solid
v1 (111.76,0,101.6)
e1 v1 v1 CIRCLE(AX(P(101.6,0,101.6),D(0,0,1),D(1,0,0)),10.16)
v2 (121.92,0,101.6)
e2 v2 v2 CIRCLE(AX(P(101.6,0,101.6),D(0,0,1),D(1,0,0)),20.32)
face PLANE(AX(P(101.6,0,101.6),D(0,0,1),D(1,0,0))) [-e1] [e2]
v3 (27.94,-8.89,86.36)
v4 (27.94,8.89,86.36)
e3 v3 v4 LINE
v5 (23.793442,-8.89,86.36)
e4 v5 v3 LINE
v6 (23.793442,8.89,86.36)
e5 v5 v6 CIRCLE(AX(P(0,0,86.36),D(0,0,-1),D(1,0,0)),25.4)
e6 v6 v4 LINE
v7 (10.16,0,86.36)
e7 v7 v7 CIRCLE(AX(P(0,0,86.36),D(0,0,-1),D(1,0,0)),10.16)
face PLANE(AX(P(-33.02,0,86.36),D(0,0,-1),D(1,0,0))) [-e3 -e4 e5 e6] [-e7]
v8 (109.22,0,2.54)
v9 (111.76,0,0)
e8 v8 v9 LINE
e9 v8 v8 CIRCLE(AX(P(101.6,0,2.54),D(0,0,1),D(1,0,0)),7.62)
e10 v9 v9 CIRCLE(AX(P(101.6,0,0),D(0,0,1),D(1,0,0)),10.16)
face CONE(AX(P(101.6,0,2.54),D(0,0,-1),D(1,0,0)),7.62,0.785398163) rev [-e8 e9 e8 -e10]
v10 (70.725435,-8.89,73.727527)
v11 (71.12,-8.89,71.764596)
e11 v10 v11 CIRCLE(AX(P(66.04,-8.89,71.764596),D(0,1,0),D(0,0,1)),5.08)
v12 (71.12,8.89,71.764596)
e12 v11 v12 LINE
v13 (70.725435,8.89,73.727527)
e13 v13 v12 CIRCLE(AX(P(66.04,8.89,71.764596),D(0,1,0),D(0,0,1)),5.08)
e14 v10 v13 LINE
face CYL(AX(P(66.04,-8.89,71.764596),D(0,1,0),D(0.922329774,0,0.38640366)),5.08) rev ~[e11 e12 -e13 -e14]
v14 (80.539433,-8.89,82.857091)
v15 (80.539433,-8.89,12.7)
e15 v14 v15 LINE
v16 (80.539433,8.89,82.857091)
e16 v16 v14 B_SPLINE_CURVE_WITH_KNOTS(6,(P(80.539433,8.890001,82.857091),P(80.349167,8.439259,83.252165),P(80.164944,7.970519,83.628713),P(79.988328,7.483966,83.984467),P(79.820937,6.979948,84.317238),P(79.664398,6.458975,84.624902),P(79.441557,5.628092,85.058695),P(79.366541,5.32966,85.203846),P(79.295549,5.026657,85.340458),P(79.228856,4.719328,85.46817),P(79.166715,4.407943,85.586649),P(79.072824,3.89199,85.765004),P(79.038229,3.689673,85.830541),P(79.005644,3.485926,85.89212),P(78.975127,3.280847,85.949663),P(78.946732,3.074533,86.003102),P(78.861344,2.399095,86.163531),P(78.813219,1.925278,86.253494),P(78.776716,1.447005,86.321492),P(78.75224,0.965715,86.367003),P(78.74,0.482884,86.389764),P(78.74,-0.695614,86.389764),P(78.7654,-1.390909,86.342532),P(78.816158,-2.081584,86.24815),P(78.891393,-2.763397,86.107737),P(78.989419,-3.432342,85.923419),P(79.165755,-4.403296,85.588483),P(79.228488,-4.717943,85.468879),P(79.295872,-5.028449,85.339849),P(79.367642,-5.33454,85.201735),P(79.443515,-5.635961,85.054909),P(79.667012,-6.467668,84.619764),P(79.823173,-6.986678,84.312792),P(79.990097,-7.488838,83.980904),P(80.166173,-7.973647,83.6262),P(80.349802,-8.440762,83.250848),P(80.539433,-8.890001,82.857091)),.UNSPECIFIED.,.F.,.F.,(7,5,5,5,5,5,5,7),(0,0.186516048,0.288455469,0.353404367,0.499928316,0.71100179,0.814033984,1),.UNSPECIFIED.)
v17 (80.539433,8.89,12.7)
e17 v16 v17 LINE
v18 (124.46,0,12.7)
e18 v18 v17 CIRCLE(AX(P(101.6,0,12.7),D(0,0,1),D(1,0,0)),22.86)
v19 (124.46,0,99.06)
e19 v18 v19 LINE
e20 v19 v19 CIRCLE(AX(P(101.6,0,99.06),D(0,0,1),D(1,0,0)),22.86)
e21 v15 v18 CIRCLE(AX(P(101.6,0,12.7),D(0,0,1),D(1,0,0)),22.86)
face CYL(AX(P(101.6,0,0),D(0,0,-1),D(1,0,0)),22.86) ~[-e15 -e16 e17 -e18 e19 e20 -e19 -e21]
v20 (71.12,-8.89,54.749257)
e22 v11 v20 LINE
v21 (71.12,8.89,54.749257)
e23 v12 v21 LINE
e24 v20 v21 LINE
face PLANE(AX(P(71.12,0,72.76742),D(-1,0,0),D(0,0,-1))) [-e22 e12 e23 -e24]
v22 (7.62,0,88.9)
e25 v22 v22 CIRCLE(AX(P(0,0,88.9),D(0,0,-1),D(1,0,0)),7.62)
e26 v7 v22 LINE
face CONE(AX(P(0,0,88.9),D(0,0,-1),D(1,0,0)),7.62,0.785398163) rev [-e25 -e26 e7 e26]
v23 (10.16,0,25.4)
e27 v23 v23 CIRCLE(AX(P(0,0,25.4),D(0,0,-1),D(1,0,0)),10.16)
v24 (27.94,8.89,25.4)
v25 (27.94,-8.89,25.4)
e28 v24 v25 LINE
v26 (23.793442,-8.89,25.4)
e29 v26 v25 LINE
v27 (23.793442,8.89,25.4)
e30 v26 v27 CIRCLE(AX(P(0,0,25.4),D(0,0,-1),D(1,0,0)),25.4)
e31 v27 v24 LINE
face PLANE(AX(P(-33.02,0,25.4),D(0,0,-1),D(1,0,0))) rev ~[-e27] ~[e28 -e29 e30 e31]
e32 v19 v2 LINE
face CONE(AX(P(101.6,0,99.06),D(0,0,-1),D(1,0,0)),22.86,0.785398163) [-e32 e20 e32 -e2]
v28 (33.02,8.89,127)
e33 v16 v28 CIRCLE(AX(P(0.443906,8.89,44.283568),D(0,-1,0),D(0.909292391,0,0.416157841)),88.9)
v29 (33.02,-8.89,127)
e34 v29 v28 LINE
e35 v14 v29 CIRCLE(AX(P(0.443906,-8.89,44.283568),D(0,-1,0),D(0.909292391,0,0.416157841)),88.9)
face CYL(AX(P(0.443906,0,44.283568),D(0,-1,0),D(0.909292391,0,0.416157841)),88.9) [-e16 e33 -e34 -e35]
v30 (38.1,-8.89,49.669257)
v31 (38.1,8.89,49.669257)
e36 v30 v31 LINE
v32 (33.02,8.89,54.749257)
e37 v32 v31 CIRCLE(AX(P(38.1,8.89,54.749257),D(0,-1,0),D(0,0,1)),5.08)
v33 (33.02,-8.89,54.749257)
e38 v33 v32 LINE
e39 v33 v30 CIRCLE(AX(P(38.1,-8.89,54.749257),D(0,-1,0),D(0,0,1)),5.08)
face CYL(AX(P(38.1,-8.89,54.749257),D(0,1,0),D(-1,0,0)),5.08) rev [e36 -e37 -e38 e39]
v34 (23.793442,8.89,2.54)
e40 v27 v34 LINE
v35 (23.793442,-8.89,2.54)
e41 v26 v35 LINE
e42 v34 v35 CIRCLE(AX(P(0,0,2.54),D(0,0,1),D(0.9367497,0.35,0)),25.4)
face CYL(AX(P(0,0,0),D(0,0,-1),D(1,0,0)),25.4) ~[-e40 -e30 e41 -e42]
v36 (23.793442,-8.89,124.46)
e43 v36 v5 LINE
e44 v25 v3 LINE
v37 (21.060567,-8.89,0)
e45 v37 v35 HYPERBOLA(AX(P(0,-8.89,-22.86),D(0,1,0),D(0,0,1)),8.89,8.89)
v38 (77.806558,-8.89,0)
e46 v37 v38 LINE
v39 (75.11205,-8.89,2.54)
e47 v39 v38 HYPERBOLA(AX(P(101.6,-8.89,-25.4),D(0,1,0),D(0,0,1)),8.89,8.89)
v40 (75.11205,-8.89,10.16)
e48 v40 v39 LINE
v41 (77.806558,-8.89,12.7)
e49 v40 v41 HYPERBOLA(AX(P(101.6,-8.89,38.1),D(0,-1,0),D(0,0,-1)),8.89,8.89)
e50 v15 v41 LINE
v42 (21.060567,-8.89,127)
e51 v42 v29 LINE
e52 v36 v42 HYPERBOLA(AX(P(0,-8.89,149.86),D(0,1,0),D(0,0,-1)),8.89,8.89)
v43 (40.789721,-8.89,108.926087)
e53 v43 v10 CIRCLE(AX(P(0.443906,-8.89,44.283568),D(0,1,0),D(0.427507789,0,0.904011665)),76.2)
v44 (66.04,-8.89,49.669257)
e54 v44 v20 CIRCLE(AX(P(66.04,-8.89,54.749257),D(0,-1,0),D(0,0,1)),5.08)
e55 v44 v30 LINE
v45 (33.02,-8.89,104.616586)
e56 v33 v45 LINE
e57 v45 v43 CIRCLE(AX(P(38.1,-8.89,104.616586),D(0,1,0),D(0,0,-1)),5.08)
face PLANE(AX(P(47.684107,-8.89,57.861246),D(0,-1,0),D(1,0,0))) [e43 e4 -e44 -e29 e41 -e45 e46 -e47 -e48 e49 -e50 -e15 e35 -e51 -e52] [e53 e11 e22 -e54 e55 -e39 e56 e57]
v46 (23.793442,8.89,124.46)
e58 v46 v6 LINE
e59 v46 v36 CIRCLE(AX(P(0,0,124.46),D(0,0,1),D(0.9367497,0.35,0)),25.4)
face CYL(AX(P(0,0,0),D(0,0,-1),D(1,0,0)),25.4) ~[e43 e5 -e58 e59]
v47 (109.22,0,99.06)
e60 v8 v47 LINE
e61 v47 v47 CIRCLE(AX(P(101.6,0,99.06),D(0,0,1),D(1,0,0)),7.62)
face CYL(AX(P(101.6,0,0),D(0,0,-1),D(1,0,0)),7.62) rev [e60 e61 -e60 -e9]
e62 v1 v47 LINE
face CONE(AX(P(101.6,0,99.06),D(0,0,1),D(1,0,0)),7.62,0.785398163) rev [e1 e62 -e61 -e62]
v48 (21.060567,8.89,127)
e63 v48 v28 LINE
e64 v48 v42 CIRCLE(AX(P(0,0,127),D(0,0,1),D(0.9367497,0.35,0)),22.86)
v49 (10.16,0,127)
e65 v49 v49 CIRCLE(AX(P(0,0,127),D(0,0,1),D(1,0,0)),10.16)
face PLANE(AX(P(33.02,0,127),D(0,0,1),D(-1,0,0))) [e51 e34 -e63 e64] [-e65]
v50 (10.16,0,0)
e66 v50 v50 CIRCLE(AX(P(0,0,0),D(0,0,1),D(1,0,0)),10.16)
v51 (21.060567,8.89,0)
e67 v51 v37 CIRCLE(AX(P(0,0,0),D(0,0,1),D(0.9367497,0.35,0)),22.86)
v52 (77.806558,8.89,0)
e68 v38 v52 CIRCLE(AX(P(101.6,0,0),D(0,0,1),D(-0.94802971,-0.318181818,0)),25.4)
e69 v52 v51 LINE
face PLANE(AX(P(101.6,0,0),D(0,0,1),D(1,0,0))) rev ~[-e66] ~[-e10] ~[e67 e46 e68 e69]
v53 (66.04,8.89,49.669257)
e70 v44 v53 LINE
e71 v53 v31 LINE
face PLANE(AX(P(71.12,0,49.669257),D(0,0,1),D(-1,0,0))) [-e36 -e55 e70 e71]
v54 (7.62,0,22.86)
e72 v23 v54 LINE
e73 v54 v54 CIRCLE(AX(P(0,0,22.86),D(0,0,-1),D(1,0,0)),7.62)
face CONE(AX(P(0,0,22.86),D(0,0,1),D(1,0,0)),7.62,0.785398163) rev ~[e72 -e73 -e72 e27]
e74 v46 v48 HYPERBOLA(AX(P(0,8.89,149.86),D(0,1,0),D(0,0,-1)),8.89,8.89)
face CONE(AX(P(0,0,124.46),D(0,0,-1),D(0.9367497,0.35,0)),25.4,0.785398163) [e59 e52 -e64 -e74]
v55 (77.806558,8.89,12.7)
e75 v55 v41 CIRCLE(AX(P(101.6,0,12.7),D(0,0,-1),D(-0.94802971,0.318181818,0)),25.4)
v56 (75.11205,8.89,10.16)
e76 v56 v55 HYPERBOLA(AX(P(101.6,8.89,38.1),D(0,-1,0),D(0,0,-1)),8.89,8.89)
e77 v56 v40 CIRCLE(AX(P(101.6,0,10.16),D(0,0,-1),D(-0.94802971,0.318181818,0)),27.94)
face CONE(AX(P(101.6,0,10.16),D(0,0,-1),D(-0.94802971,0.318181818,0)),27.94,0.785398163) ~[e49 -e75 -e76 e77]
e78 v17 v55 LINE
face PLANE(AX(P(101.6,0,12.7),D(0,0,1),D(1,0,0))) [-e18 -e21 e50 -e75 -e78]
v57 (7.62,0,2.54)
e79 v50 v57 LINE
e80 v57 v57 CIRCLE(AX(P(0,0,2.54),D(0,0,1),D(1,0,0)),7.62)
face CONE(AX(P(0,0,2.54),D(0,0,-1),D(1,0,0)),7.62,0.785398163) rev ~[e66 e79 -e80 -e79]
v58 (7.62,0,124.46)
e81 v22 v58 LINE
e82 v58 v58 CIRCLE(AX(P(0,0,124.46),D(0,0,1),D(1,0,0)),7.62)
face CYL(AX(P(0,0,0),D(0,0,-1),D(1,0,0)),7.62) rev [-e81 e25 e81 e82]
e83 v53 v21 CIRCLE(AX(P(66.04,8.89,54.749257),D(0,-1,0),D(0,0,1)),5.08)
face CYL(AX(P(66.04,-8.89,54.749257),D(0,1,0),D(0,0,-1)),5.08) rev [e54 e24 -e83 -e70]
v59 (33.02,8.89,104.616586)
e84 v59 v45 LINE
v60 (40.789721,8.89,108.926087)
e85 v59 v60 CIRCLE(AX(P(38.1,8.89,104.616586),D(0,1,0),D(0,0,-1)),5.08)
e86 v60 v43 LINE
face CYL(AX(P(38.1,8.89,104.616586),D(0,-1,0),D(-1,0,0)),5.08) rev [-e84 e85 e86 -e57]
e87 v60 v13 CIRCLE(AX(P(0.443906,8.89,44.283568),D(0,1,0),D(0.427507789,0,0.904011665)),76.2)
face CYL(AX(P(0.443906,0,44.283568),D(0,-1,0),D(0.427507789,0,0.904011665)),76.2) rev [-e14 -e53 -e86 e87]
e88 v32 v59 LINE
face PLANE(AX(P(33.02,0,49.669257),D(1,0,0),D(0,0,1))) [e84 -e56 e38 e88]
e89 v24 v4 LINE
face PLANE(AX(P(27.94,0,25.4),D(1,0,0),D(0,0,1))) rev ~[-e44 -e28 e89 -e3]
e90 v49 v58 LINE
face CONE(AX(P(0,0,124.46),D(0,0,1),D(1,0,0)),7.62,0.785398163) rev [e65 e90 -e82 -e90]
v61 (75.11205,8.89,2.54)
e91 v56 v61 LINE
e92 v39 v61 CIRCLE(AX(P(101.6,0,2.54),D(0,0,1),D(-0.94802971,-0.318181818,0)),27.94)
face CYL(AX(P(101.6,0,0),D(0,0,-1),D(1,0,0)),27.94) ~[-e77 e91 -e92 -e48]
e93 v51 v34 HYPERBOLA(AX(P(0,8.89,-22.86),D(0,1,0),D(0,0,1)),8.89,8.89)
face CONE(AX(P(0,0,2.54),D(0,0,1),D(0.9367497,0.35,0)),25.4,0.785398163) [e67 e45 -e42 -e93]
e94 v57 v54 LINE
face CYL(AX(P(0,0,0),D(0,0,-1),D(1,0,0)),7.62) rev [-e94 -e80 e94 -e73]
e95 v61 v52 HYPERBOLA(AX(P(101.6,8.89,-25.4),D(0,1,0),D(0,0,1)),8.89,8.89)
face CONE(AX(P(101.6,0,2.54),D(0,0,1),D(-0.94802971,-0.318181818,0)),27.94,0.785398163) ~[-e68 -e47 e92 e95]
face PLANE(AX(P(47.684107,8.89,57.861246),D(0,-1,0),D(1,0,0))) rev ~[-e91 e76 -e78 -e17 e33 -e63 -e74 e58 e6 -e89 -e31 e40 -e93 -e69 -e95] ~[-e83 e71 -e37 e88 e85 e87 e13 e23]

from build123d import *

# Parameters (mm, degrees)
F0_R      = 25.4
F0_R_2    = 7.62
F1_DEPTH  = 127
F0_R_3    = 22.86
F2_DEPTH  = 101.6
F4_DEPTH  = 8.89
F5_W      = 60.96
F5_H      = 60.96
F6_DEPTH  = 50.8
F7_R      = 5.08
F8_SIZE   = 2.54
F9_R      = 27.94
F9_R_2    = 22.86
F10_DEPTH = 12.7
F11_SIZE  = 2.54


with BuildPart() as f1:
    # F0 (on Top) → F1 (new body)
    with BuildSketch(Plane.XY):
        Circle(F0_R)
        Circle(F0_R_2, mode=Mode.SUBTRACT)
    extrude(amount=F1_DEPTH)



with BuildPart() as f2:
    # F0 (on Top) → F2 (new body)
    with BuildSketch(Plane.XY):
        with Locations((101.6, 0)):
            Circle(F0_R_3)
        with Locations((101.6, 0)):
            Circle(F0_R_2, mode=Mode.SUBTRACT)
    extrude(amount=F2_DEPTH)


with BuildPart() as f1_1:
    add(f1.part)

    add(f2.part)  # F4 merges F2
    # F3 (on Front) → F4 (join, symmetric)
    with BuildSketch(Plane.XZ):
        with BuildLine():
            Line((20.32, 127), (20.32, 0))
            Line((20.32, 0), (81.28, 0))
            Line((81.28, 0), (81.28, 81.28))
            ThreePointArc((81.28, 81.28), (61.5844056789, 108.82076155), (33.02, 127))
            Line((33.02, 127), (20.32, 127))
        make_face()
        with BuildLine():
            ThreePointArc((33.02, 113.1692568198), (55.8815349001, 96.5627163287), (71.12, 72.7674195988))
            Line((71.12, 72.7674195988), (71.12, 49.6692568198))
            Line((71.12, 49.6692568198), (33.02, 49.6692568198))
            Line((33.02, 49.6692568198), (33.02, 113.1692568198))
        make_face(mode=Mode.SUBTRACT)
    extrude(amount=F4_DEPTH, both=True)

    # F5 (on Front) → F6 (cut, symmetric)
    with BuildSketch(Plane.XZ):
        with Locations((-2.54, 55.88)):
            Rectangle(F5_W, F5_H)
    extrude(amount=F6_DEPTH, both=True, mode=Mode.SUBTRACT)

    # F7
    f7_edges = [f1_1.edges().sort_by_distance(p)[0] for p in [
        (33.02, 0, 113.169257),
        (33.02, 0, 49.669257),
        (71.12, 0, 49.669257),
        (71.12, 0, 72.76742),
    ]]
    fillet(f7_edges, radius=F7_R)

    # F8
    f8_edges = [f1_1.edges().sort_by_distance(p)[0] for p in [
        (-25.4, 0, 127),
        (-7.62, 0, 127),
        (-7.62, 0, 25.4),
        (-25.4, 0, 0),
        (-7.62, 0, 86.36),
        (-7.62, 0, 0),
    ]]
    chamfer(f8_edges, length=F8_SIZE)

    # F9 (on Top) → F10 (join)
    with BuildSketch(Plane.XY):
        with Locations((101.6, 0)):
            Circle(F9_R)
        with Locations((101.6, 0)):
            Circle(F9_R_2, mode=Mode.SUBTRACT)
    extrude(amount=F10_DEPTH)

    # F11
    f11_edges = [f1_1.edges().sort_by_distance(p)[0] for p in [
        (93.98, 0, 0),
        (129.54, 0, 0),
        (93.98, 0, 101.6),
        (129.54, 0, 12.7),
        (78.74, 0, 101.6),
    ]]
    chamfer(f11_edges, length=F11_SIZE)


solid = f1_1.part
